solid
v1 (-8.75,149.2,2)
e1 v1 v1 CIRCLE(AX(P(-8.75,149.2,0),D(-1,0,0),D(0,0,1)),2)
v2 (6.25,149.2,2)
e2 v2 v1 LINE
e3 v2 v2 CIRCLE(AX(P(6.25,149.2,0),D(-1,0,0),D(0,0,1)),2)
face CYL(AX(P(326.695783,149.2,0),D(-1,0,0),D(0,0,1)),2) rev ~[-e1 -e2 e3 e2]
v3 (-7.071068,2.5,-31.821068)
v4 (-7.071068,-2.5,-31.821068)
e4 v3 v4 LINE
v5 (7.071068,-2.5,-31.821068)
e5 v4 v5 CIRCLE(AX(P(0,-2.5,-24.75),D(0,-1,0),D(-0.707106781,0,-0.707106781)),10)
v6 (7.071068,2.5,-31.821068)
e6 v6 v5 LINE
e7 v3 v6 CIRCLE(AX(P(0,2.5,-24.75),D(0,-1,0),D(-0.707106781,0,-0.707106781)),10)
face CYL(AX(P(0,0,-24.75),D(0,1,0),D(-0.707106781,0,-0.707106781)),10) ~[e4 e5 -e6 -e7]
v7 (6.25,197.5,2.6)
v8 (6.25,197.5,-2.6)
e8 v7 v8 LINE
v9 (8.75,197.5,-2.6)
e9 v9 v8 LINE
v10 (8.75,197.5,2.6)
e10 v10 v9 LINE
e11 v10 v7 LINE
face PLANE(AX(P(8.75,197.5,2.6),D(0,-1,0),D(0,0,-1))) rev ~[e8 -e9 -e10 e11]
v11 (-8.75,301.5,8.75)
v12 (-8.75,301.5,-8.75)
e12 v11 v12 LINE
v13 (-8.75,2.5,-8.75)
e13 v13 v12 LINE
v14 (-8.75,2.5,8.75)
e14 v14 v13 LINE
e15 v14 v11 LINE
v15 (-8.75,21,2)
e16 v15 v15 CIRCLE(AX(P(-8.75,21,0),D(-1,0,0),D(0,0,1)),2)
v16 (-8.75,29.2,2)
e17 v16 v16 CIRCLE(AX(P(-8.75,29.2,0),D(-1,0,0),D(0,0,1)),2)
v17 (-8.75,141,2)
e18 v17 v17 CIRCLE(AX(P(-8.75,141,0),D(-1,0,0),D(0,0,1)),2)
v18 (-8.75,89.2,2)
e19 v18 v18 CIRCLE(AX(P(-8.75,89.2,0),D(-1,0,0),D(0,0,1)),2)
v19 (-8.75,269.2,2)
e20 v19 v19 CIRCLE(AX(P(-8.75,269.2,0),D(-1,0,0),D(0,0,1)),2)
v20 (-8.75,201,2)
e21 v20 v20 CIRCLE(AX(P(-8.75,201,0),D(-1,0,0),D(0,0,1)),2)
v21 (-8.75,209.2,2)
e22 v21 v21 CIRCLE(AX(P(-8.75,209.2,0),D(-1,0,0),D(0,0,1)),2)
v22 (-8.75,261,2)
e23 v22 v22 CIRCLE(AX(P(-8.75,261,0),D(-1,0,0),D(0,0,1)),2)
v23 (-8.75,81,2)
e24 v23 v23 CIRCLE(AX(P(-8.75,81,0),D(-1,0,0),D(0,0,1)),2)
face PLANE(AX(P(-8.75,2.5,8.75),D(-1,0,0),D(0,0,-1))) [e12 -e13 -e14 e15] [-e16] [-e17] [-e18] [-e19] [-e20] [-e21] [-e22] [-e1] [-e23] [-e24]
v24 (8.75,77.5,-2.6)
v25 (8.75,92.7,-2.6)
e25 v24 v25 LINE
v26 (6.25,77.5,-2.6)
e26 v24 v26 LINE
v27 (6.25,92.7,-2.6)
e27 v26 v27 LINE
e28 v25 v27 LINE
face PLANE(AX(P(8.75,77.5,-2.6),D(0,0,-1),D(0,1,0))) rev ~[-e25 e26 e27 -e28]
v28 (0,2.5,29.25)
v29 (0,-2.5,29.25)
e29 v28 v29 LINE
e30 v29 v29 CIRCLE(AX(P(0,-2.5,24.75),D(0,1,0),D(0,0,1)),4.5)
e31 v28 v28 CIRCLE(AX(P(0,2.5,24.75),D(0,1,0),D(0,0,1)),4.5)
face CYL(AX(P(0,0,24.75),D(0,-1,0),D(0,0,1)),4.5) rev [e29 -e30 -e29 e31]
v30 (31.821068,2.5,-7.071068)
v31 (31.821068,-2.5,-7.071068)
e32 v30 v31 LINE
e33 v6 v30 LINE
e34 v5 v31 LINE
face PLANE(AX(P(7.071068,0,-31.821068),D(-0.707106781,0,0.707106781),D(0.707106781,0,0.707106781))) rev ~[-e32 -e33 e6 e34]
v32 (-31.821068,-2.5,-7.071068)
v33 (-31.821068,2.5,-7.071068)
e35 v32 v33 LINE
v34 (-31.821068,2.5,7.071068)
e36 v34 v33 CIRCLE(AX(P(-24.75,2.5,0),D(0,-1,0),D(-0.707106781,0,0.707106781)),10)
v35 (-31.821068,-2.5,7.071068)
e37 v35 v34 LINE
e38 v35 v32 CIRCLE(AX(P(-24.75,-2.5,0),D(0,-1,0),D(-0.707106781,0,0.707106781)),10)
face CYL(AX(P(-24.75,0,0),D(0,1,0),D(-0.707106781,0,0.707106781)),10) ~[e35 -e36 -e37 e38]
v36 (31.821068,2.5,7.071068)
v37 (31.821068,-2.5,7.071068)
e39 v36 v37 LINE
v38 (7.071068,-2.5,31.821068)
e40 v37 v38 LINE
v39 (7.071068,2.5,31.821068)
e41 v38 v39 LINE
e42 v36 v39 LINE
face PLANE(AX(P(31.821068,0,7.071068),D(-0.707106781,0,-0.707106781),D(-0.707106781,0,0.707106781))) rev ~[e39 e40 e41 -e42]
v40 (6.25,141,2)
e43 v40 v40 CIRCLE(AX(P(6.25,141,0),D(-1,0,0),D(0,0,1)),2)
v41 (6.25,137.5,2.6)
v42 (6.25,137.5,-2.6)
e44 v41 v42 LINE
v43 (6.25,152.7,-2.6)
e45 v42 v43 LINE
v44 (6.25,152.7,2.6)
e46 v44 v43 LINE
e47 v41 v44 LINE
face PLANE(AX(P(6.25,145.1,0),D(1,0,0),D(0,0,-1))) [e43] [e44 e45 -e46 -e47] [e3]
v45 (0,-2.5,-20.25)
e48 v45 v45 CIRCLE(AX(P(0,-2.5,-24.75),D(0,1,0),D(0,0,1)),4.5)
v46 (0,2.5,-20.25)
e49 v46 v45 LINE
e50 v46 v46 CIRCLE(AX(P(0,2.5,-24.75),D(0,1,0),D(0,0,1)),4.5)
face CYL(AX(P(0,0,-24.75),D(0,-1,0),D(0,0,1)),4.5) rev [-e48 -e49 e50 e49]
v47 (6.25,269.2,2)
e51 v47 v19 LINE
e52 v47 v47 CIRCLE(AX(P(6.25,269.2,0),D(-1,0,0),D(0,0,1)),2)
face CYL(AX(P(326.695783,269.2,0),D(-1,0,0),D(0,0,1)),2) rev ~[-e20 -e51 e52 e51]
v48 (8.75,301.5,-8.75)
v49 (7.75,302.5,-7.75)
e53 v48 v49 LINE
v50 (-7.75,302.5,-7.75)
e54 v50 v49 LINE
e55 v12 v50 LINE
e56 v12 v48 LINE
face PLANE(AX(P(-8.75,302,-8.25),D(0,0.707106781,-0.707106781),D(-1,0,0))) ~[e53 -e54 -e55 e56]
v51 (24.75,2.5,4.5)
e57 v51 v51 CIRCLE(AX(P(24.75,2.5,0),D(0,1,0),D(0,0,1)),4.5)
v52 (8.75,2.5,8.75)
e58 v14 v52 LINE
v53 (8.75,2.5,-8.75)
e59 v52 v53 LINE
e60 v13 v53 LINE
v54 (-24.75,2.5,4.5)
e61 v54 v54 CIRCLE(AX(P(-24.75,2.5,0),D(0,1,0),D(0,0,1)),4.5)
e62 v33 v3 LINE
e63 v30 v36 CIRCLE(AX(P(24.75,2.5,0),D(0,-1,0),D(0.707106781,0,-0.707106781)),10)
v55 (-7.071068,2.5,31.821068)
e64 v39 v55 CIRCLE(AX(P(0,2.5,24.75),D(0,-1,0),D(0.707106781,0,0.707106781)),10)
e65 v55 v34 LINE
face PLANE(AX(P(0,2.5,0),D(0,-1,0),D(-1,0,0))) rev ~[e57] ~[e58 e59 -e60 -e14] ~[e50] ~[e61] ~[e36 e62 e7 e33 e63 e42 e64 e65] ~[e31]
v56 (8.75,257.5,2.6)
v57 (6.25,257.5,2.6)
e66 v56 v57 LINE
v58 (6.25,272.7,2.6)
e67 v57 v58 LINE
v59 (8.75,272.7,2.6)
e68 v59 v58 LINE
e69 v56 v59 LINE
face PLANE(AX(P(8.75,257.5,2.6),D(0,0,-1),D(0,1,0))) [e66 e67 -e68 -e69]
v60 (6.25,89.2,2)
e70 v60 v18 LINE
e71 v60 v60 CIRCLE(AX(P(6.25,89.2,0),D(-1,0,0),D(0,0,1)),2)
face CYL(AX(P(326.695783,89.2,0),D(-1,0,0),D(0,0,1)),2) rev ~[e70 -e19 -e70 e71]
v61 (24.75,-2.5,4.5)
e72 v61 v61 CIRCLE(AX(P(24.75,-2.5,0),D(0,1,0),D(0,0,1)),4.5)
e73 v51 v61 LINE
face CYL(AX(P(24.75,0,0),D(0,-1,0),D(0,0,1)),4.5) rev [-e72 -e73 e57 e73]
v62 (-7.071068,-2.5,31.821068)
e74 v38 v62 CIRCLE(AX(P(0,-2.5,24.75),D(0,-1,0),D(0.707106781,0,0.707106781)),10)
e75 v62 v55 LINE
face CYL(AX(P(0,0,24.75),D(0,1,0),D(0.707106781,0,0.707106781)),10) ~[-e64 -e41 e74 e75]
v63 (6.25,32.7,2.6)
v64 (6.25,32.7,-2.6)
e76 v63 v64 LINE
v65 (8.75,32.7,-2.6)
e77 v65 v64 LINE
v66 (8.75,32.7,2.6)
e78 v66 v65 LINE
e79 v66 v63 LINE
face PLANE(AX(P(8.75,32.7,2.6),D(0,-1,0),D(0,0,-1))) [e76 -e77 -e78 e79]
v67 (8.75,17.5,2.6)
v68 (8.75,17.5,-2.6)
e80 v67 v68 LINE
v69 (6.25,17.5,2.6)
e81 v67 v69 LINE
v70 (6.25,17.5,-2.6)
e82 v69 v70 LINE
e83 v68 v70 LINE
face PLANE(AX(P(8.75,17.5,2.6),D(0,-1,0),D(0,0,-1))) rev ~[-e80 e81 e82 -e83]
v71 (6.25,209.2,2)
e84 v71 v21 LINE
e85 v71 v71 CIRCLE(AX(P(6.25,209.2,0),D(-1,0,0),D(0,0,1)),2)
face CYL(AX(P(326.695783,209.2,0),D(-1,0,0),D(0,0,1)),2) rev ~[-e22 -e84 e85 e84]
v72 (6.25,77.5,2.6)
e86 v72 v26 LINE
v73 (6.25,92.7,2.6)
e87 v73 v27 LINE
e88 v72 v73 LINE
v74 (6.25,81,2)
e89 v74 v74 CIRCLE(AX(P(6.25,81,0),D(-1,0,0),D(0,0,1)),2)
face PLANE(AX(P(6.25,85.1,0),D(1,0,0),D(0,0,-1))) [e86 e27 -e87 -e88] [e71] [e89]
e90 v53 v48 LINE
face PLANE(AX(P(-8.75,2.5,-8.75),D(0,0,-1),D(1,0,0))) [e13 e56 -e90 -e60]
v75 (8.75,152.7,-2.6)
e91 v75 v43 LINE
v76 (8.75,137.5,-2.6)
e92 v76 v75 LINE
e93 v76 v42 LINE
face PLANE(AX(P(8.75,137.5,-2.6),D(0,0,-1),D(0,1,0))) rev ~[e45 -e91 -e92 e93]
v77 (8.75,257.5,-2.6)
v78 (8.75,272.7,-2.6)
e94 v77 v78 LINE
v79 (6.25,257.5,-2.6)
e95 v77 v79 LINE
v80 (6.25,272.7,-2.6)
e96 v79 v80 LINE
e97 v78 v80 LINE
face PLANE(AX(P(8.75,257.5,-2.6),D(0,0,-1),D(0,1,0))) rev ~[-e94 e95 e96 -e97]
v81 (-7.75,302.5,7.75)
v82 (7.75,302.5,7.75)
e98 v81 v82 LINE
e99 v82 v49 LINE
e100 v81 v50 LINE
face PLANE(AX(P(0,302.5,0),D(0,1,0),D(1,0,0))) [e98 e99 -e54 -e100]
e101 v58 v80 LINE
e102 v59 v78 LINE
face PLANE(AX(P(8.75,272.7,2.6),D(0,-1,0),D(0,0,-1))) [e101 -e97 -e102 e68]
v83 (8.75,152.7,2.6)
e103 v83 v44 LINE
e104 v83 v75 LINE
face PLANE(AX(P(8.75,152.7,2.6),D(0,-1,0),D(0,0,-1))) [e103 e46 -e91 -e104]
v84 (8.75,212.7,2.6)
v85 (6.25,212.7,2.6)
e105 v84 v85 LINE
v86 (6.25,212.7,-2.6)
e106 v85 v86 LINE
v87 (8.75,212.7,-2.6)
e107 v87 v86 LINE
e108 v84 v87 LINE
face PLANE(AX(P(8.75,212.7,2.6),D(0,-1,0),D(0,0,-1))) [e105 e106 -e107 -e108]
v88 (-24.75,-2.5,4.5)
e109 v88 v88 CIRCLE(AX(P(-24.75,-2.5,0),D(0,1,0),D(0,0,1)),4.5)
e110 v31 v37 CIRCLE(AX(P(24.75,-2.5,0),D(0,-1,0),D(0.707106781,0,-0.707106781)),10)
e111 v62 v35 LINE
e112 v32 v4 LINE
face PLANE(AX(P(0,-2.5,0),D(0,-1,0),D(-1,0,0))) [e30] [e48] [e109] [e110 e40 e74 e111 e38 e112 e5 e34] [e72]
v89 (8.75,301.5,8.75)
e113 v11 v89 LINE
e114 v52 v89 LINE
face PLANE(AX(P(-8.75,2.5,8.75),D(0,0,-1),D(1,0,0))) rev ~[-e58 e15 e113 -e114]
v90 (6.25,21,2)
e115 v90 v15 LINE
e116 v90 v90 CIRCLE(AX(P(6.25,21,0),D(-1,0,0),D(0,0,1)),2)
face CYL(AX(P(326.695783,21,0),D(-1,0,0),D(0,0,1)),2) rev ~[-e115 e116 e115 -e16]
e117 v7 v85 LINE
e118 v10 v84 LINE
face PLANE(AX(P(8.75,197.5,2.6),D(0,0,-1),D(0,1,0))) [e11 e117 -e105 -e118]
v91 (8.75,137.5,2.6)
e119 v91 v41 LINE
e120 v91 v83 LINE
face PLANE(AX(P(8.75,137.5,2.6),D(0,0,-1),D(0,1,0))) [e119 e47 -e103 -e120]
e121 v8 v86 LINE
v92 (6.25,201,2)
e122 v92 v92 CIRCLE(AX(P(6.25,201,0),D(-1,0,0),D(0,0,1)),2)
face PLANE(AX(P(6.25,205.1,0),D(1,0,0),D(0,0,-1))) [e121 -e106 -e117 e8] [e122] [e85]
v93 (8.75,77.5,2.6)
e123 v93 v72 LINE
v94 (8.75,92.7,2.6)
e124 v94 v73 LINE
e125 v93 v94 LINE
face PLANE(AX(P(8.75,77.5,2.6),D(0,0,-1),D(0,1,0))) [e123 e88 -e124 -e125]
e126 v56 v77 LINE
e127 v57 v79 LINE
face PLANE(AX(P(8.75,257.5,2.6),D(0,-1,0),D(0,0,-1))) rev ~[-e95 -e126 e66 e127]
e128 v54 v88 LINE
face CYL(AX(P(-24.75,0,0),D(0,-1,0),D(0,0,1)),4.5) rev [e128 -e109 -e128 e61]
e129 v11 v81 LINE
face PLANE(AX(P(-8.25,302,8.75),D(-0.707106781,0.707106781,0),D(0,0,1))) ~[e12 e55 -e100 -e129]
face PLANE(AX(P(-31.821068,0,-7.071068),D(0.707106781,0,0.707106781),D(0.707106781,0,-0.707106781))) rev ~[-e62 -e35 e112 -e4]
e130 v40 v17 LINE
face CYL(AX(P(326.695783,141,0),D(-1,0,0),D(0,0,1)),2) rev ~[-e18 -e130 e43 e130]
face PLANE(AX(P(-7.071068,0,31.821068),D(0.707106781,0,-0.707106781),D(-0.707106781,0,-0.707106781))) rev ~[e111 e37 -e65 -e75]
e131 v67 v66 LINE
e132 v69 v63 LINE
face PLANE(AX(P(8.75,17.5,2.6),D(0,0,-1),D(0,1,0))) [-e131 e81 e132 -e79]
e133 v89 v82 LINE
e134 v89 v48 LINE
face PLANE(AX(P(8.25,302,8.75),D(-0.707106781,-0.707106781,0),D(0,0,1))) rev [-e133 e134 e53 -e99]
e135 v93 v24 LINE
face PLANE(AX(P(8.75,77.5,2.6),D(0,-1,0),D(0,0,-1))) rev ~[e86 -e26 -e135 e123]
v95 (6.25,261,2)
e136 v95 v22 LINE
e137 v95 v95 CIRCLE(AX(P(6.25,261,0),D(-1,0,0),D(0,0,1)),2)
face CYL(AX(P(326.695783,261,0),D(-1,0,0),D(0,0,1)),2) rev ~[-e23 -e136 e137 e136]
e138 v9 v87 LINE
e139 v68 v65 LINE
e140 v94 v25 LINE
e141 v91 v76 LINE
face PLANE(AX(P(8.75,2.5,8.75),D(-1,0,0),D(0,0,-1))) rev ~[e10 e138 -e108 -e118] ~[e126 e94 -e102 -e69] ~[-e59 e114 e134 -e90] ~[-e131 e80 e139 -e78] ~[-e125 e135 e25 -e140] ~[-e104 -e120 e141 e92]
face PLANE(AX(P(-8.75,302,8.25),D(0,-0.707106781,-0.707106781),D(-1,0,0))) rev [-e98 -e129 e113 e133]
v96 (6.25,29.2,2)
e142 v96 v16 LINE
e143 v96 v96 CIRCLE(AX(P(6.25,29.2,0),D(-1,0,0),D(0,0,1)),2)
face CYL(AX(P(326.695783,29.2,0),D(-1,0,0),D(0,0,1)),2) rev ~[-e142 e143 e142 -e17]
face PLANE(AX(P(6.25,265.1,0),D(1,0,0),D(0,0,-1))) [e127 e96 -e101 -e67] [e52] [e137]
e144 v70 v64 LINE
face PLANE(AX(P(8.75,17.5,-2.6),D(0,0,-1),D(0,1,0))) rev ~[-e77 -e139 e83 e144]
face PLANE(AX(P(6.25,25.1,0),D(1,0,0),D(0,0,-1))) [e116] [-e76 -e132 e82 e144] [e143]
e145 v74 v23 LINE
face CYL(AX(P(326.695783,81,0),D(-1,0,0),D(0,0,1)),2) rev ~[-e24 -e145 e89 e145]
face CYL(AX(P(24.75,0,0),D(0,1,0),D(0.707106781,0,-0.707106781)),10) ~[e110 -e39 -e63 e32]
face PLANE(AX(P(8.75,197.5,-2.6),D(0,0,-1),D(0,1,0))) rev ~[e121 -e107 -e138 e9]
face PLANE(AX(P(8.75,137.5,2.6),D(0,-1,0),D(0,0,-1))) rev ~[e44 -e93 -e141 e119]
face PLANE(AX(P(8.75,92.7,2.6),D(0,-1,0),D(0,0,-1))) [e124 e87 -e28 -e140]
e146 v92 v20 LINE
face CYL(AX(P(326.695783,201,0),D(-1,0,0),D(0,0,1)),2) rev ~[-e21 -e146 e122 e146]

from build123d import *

# Parameters (mm, degrees)
SKETCH1_R             = 4.5
BOSS_EXTRUDE1_DEPTH   = 2.5
SKETCH2_W             = 17.5
SKETCH2_H             = 17.5
BOSS_EXTRUDE2_DEPTH   = 300
SKETCH3_W             = 5.2
SKETCH3_H             = 15.2
CUT_EXTRUDE1_DEPTH    = 2.5
F_4_0MM_DOWEL_HOLE1_D = 4
LPATTERN1_COUNT       = 5
LPATTERN1_PITCH       = 60
CHAMFER1_SIZE         = 1


with BuildPart() as part:
    # Sketch1 → Boss-Extrude1 (new, symmetric)
    with BuildSketch(Plane(origin=(0, 0, 0), x_dir=(1, 0, 0), z_dir=(0, 1, 0))):
        with BuildLine():
            Line((-31.821067812, 7.071067812), (-7.071067812, 31.821067812))
            ThreePointArc((-7.071067812, 31.821067812), (0, 34.75), (7.071067812, 31.821067812))
            Line((7.071067812, 31.821067812), (31.821067812, 7.071067812))
            ThreePointArc((31.821067812, 7.071067812), (34.75, 0), (31.821067812, -7.071067812))
            Line((31.821067812, -7.071067812), (7.071067812, -31.821067812))
            ThreePointArc((7.071067812, -31.821067812), (0, -34.75), (-7.071067812, -31.821067812))
            Line((-7.071067812, -31.821067812), (-31.821067812, -7.071067812))
            ThreePointArc((-31.821067812, -7.071067812), (-34.75, 0), (-31.821067812, 7.071067812))
        make_face()
        with Locations((0, 24.75)):
            Circle(SKETCH1_R, mode=Mode.SUBTRACT)
        with Locations((24.75, 0)):
            Circle(SKETCH1_R, mode=Mode.SUBTRACT)
        with Locations((0, -24.75)):
            Circle(SKETCH1_R, mode=Mode.SUBTRACT)
        with Locations((-24.75, 0)):
            Circle(SKETCH1_R, mode=Mode.SUBTRACT)
    extrude(amount=BOSS_EXTRUDE1_DEPTH, both=True)

    # Sketch2 → Boss-Extrude2 (add)
    with BuildSketch(Plane(origin=(0, 2.5, 0), x_dir=(1, 0, 0), z_dir=(0, 1, 0))):
        Rectangle(SKETCH2_W, SKETCH2_H)
    extrude(amount=BOSS_EXTRUDE2_DEPTH)

    # Sketch3 → Cut-Extrude1 (cut)
    with BuildSketch(Plane(origin=(8.75, 0, 0), x_dir=(0, 0, -1), z_dir=(1, 0, 0))):
        with Locations((0, 25.1)):
            Rectangle(SKETCH3_W, SKETCH3_H)
    cut_extrude1 = extrude(amount=-CUT_EXTRUDE1_DEPTH, mode=Mode.SUBTRACT)

    # Ø4.0mm Dowel Hole1 (through all)
    with Locations(Plane(origin=(6.25, 0, 0), x_dir=(0, 0, -1), z_dir=(1, 0, 0))):
        with Locations((0, 21), (0, 29.2)):
            f_4_0mm_dowel_hole1 = Hole(F_4_0MM_DOWEL_HOLE1_D / 2)

    # LPattern1: Cut-Extrude1, Ø4.0mm Dowel Hole1 ×5
    with Locations(*[(0, i * LPATTERN1_PITCH, 0) for i in range(1, LPATTERN1_COUNT)]):
        add(cut_extrude1, mode=Mode.SUBTRACT)
        add(f_4_0mm_dowel_hole1, mode=Mode.SUBTRACT)

    # Chamfer1
    chamfer1_edges = [part.edges().sort_by_distance(p)[0] for p in [
        (0, 302.5, -8.75),
        (8.75, 302.5, 0),
        (0, 302.5, 8.75),
        (-8.75, 302.5, 0),
    ]]
    chamfer(chamfer1_edges, length=CHAMFER1_SIZE)


solid = part.part
